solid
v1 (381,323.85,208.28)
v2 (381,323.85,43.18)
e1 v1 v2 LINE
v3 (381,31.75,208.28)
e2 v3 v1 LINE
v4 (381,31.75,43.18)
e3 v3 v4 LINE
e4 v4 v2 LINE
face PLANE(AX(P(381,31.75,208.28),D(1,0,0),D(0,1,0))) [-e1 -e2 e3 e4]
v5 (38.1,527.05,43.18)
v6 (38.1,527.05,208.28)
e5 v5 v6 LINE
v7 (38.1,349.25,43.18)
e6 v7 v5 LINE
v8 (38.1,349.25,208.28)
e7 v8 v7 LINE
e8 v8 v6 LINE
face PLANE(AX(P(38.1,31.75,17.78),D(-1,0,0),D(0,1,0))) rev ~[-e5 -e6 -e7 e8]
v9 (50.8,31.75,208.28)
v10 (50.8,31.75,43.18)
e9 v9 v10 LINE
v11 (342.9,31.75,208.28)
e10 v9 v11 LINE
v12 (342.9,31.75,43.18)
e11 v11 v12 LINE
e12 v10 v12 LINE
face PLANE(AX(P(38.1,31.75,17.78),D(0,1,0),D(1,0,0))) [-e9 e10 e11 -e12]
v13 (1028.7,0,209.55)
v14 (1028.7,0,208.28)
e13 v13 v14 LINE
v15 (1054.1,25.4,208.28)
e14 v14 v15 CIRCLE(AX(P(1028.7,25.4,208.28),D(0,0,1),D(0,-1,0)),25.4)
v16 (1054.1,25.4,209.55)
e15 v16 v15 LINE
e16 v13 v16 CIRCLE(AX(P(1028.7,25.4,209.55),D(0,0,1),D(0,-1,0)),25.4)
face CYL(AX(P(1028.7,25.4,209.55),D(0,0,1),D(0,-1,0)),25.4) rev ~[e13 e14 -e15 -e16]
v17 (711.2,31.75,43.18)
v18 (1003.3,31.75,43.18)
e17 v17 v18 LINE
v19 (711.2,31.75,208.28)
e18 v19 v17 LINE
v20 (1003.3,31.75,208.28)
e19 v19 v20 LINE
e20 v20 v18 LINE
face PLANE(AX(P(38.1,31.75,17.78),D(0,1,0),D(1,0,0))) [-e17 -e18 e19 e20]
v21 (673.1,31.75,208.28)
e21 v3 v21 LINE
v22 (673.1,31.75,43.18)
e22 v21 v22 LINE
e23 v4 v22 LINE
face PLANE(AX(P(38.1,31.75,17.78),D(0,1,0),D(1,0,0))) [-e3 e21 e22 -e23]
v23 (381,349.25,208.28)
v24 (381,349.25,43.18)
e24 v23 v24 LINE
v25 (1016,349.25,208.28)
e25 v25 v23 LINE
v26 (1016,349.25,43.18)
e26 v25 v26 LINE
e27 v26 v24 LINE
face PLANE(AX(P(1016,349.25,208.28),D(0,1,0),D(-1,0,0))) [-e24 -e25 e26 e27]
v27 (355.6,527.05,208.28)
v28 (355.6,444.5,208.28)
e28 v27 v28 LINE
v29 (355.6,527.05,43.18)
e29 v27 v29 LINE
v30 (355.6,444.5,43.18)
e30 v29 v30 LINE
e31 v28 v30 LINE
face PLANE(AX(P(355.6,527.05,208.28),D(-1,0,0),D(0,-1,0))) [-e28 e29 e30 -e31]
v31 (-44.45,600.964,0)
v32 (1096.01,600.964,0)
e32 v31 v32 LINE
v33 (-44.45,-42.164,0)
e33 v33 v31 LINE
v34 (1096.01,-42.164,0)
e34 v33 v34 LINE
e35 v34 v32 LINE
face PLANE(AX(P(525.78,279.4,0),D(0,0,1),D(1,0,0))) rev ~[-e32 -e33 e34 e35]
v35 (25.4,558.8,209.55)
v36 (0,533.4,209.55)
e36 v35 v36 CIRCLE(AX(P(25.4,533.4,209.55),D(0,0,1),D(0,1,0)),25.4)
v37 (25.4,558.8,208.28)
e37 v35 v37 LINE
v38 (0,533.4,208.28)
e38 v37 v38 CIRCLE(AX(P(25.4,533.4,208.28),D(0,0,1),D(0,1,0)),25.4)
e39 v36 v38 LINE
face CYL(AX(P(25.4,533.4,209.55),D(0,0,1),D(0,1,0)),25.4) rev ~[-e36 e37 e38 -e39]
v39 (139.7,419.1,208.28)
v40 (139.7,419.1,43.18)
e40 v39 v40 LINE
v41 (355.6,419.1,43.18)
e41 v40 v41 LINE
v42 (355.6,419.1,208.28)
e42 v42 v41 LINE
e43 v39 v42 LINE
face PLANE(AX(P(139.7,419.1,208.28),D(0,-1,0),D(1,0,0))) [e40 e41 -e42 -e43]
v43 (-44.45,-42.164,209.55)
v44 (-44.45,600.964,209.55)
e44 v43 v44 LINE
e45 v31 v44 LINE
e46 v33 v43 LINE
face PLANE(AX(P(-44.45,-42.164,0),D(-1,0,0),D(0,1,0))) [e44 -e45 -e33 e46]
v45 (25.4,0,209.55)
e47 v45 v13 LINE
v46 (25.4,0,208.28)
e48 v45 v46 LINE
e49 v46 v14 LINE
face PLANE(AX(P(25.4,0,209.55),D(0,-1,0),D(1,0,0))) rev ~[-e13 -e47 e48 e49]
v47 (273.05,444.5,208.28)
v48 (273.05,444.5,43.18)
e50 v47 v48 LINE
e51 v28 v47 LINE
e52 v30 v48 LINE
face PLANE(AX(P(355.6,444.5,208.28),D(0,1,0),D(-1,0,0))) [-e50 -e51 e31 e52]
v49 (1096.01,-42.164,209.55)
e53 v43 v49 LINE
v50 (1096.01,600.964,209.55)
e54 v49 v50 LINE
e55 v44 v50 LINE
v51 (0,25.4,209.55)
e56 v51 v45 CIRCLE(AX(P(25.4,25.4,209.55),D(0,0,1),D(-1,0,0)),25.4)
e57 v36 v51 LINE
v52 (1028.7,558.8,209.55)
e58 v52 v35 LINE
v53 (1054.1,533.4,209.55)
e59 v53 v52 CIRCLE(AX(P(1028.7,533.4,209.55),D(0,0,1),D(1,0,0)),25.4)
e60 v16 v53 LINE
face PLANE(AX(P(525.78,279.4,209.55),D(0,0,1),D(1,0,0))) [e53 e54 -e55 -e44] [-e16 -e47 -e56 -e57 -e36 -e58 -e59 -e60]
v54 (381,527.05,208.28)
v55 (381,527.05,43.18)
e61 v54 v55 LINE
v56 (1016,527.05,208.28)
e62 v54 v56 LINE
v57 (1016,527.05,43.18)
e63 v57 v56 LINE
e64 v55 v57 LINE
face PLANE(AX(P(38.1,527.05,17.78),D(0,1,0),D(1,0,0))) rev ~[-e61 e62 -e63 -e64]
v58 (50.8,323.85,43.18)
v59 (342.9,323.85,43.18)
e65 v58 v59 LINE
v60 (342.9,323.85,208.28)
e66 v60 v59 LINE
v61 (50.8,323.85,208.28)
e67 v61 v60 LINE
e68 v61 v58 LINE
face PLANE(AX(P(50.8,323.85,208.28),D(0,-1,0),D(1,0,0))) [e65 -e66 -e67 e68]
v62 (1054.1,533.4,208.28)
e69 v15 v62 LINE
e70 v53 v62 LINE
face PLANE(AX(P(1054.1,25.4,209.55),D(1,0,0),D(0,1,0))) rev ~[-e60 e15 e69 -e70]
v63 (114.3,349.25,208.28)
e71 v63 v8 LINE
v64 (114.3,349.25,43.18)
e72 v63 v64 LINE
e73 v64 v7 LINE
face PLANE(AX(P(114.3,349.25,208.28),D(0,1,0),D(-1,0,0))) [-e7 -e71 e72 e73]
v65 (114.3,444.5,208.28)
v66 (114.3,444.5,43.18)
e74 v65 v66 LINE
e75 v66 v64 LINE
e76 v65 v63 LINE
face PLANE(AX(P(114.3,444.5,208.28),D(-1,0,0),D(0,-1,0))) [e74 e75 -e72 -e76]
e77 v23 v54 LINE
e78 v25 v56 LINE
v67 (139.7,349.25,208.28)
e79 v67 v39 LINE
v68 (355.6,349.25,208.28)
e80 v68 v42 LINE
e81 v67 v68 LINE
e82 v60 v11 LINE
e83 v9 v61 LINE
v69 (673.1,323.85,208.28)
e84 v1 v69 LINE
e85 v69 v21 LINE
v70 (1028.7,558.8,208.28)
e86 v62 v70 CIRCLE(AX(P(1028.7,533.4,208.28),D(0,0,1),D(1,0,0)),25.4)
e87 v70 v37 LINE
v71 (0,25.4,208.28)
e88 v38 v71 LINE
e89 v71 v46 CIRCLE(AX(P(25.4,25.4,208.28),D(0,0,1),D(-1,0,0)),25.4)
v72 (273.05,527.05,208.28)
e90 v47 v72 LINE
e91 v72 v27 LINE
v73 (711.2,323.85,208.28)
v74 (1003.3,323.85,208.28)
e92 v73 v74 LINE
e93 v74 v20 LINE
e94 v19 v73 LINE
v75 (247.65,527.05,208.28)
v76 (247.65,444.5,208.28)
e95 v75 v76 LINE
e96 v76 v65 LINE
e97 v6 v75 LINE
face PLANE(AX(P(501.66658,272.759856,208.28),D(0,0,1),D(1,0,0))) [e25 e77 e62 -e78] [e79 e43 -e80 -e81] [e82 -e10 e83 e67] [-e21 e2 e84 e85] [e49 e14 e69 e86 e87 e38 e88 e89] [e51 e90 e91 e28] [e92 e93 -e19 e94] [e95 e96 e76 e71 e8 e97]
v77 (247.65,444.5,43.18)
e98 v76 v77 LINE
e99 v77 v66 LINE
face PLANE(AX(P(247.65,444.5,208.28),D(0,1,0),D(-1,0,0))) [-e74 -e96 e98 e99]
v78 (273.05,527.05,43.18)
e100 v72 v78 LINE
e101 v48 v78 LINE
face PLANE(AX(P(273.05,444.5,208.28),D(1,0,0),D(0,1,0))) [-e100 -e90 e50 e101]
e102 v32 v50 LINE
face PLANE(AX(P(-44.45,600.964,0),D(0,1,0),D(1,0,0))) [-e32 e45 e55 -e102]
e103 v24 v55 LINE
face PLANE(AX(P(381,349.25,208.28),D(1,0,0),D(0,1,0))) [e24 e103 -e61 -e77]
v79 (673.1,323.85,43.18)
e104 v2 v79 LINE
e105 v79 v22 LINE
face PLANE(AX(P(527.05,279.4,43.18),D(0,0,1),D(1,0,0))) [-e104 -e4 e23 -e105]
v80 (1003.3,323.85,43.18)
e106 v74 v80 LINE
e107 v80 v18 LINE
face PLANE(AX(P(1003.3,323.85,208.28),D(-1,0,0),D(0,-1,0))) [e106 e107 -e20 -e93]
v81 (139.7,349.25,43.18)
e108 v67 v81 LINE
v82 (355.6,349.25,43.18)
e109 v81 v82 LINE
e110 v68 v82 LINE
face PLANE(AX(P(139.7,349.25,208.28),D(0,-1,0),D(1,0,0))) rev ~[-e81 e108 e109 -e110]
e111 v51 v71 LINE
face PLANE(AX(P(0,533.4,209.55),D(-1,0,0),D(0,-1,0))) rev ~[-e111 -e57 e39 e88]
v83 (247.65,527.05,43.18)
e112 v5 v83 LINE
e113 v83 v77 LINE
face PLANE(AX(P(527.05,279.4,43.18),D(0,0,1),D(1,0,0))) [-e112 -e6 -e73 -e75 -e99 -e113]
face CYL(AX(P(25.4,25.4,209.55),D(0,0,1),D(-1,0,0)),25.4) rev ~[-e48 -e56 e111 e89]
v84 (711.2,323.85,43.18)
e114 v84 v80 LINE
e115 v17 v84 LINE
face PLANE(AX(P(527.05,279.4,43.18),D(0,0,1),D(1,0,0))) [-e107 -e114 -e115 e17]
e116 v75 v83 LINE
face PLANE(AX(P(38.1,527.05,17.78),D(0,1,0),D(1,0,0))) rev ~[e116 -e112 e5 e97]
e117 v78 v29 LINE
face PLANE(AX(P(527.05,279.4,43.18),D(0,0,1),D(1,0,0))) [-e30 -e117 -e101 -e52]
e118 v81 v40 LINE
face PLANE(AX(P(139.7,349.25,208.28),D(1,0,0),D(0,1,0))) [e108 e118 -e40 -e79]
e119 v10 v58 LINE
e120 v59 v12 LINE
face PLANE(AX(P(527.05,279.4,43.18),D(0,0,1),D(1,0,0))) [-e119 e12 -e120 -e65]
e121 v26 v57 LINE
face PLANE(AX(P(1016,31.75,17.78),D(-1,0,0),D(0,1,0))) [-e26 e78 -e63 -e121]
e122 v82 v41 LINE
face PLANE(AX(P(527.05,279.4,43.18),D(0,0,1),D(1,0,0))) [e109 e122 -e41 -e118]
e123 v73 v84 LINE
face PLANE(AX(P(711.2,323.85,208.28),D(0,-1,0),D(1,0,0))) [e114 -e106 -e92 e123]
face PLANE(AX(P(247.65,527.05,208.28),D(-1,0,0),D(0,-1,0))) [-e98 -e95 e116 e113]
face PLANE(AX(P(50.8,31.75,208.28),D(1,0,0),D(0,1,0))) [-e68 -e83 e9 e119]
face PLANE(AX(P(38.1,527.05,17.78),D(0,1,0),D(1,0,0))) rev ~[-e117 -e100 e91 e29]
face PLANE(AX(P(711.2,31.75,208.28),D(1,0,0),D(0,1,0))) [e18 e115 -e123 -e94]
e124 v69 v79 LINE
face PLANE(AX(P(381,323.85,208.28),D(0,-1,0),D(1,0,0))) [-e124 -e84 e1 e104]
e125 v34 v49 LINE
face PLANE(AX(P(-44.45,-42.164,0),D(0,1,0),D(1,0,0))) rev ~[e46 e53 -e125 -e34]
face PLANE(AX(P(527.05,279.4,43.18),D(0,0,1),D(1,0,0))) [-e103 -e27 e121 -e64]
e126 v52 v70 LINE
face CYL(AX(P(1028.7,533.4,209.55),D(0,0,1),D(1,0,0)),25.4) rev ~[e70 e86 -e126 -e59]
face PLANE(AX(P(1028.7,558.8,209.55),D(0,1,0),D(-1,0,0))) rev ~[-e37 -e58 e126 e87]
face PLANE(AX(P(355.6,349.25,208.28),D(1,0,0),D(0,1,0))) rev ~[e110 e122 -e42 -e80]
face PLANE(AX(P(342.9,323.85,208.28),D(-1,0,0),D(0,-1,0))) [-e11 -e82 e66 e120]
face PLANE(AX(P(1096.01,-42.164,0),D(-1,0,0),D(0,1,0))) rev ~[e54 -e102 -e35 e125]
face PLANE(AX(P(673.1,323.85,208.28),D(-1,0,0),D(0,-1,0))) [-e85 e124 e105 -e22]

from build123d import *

# Parameters (mm, degrees)
F0_W     = 1140.46
F0_H     = 643.128
F1_DEPTH = 209.55
F3_DEPTH = 191.77
F4_W     = 977.9
F4_H     = 495.3
F5_DEPTH = 190.5
F6_DEPTH = 25.4
F7_W     = 215.9
F7_H     = 69.85
F8_DEPTH = 165.1


with BuildPart() as f1:
    # F0 (on Top) → F1 (new body)
    with BuildSketch(Plane.XY):
        with Locations((525.78, 279.4)):
            Rectangle(F0_W, F0_H)
    extrude(amount=F1_DEPTH)

    # F2 (on face) → F3 (cut)
    with BuildSketch(Plane.XY.offset(209.55)):
        with BuildLine():
            ThreePointArc((0, 25.4), (7.4394877579, 7.4394877579), (25.4, 0))
            Line((25.4, 0), (1028.7, 0))
            ThreePointArc((1028.7, 0), (1046.6605122421, 7.4394877579), (1054.1, 25.4))
            Line((1054.1, 25.4), (1054.1, 533.4))
            ThreePointArc((1054.1, 533.4), (1046.6605122421, 551.3605122421), (1028.7, 558.8))
            Line((1028.7, 558.8), (25.4, 558.8))
            ThreePointArc((25.4, 558.8), (7.4394877579, 551.3605122421), (0, 533.4))
            Line((0, 533.4), (0, 25.4))
        make_face()
    extrude(amount=-F3_DEPTH, mode=Mode.SUBTRACT)

    # F4 (on face) → F5 (join)
    with BuildSketch(Plane.XY.offset(17.78)):
        with BuildLine():
            ThreePointArc((0, 25.4), (7.4394877579, 7.4394877579), (25.4, 0))
            Line((25.4, 0), (1028.7, 0))
            ThreePointArc((1028.7, 0), (1046.6605122421, 7.4394877579), (1054.1, 25.4))
            Line((1054.1, 25.4), (1054.1, 533.4))
            ThreePointArc((1054.1, 533.4), (1046.6605122421, 551.3605122421), (1028.7, 558.8))
            Line((1028.7, 558.8), (25.4, 558.8))
            ThreePointArc((25.4, 558.8), (7.4394877579, 551.3605122421), (0, 533.4))
            Line((0, 533.4), (0, 25.4))
        make_face()
        with Locations((527.05, 279.4)):
            Rectangle(F4_W, F4_H, mode=Mode.SUBTRACT)
    extrude(amount=F5_DEPTH)

    # F6 (add): a face of the model
    f6_faces = [f1.faces().sort_by_distance(p)[0] for p in [
        (527.05, 279.4, 17.78),
    ]]
    extrude(f6_faces, amount=F6_DEPTH)

    # F7 (on face) → F8 (join)
    with BuildSketch(Plane.XY.offset(208.28)):
        Polygon((1003.3, 31.75), (1016, 31.75), (1016, 323.85), (1016, 349.25), (381, 349.25), (381, 527.05), (355.6, 527.05), (355.6, 444.5), (273.05, 444.5), (273.05, 527.05), (247.65, 527.05), (247.65, 444.5), (114.3, 444.5), (114.3, 349.25), (38.1, 349.25), (38.1, 323.85), (38.1, 31.75), (50.8, 31.75), (50.8, 323.85), (342.9, 323.85), (342.9, 31.75), (381, 31.75), (381, 323.85), (673.1, 323.85), (673.1, 31.75), (711.2, 31.75), (711.2, 323.85), (1003.3, 323.85), align=None)
        with Locations((247.65, 384.175)):
            Rectangle(F7_W, F7_H, mode=Mode.SUBTRACT)
    extrude(amount=-F8_DEPTH)


solid = f1.part
